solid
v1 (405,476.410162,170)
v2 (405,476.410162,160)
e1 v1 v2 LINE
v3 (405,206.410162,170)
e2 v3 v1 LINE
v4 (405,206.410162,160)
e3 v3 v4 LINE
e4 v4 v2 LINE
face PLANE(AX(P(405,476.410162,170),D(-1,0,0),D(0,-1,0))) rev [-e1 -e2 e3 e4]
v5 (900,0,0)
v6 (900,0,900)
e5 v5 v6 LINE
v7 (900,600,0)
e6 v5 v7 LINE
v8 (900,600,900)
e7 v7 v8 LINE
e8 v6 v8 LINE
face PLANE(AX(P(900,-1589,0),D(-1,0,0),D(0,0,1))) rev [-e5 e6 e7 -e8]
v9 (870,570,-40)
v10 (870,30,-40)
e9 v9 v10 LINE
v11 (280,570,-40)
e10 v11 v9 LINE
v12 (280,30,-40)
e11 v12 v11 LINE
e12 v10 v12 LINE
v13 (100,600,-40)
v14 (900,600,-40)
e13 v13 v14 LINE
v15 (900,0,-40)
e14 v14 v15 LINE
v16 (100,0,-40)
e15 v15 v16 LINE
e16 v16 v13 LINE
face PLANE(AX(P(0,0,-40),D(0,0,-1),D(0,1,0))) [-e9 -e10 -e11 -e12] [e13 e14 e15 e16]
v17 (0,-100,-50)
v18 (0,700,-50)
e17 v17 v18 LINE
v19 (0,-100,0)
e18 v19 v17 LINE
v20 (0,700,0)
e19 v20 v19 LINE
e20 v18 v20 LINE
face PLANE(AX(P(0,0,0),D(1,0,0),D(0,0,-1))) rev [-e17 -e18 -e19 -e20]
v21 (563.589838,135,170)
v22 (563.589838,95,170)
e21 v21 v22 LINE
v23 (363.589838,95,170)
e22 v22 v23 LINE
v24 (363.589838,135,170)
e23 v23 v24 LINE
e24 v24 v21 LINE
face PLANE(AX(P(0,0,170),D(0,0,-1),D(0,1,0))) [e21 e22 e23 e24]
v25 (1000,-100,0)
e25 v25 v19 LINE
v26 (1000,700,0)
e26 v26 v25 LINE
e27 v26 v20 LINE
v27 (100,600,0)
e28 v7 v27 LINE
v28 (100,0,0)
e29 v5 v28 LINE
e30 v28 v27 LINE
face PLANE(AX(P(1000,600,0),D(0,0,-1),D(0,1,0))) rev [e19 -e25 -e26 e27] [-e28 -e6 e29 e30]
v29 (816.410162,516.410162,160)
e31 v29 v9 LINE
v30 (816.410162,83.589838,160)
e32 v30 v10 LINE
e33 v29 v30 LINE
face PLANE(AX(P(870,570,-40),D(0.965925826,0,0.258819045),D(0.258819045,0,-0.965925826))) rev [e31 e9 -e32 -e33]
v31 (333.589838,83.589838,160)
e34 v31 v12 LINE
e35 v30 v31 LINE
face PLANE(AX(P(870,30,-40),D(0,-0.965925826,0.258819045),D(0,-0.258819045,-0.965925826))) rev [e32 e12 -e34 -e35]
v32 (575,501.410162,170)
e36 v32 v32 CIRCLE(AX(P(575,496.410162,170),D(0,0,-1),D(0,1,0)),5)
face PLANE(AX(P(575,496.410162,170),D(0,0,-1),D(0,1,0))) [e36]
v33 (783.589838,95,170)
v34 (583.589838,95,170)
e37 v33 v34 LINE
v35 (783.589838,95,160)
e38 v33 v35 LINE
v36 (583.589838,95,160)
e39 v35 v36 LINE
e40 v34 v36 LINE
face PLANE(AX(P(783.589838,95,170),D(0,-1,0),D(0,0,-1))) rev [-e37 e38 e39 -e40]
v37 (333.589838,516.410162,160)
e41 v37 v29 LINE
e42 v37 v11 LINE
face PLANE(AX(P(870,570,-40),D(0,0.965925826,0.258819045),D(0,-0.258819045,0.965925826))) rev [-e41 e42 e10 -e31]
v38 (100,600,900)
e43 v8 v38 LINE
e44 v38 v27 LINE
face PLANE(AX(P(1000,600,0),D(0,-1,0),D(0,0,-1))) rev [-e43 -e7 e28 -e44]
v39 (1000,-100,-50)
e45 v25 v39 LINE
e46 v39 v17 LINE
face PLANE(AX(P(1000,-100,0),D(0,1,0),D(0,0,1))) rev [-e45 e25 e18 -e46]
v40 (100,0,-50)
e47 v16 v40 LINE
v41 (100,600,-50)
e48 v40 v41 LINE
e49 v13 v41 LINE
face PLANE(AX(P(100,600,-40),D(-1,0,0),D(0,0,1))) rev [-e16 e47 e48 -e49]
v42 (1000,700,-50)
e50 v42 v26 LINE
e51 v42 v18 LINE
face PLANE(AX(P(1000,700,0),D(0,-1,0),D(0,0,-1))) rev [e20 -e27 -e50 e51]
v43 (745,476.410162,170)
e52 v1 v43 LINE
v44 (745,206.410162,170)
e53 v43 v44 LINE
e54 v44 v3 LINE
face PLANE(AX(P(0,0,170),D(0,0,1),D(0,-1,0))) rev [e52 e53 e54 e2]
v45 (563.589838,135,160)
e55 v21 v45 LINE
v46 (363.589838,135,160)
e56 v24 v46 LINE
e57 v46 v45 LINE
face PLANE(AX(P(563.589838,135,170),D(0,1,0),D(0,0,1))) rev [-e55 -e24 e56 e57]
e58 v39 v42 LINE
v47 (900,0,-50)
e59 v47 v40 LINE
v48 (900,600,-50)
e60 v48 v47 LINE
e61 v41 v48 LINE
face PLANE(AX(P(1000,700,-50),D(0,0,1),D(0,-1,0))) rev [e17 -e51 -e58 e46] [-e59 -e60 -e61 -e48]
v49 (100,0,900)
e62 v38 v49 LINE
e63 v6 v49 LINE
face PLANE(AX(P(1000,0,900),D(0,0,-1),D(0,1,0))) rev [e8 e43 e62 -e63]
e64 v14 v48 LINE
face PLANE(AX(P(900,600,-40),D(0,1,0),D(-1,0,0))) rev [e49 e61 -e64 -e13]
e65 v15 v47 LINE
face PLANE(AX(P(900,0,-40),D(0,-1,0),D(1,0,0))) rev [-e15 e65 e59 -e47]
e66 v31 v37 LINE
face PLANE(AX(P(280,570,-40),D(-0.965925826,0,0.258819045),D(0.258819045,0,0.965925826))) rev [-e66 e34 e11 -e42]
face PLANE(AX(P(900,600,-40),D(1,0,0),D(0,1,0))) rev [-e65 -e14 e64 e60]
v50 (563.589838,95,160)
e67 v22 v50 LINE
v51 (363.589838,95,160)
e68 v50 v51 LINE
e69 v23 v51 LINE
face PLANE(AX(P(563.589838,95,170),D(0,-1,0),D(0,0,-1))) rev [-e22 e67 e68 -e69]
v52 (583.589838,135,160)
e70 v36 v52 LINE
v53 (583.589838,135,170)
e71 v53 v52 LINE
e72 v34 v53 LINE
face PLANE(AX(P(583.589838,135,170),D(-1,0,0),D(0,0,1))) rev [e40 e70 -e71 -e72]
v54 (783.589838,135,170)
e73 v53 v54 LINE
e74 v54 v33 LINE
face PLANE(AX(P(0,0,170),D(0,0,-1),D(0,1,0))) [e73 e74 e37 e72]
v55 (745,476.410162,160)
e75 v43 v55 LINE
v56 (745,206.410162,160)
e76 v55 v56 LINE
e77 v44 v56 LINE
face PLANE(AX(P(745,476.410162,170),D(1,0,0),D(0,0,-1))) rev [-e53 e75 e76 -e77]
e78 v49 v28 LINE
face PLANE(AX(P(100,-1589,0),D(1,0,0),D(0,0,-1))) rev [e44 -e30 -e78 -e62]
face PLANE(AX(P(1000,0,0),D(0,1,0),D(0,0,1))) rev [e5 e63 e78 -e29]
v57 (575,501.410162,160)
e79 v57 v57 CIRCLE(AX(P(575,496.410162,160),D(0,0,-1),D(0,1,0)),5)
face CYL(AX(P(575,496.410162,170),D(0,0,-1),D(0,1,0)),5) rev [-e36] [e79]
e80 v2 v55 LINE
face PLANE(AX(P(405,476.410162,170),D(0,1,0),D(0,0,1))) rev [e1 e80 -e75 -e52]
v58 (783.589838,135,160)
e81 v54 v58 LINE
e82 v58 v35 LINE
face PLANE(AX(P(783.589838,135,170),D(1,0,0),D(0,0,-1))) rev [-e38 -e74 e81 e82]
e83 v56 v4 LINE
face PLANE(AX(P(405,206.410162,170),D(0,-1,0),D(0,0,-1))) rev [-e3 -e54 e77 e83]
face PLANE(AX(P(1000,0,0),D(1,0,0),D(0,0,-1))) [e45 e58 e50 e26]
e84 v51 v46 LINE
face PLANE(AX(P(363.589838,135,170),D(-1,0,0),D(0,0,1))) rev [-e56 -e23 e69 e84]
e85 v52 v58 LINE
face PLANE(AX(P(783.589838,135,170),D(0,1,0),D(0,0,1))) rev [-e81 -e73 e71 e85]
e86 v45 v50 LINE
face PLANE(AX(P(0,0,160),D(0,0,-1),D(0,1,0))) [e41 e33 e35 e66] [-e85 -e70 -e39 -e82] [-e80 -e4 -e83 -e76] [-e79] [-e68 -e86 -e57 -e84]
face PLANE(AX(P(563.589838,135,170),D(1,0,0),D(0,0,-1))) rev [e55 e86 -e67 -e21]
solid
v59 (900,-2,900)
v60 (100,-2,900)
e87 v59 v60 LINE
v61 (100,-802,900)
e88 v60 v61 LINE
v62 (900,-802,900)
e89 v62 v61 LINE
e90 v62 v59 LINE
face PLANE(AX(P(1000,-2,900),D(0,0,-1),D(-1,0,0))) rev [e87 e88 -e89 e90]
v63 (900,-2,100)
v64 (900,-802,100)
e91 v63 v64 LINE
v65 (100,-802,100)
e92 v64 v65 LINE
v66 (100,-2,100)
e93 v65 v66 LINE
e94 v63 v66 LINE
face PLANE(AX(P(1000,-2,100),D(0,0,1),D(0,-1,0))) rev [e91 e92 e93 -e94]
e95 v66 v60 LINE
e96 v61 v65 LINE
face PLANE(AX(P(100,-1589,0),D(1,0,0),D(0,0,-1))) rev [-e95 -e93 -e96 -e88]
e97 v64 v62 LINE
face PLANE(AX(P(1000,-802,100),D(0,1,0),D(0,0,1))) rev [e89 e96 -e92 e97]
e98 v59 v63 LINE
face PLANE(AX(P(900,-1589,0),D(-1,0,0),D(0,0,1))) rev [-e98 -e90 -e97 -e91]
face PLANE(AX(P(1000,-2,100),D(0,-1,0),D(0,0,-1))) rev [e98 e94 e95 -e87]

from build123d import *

# Parameters (mm, degrees)
BOSS_EXTRUDE1_DEPTH   = 1000
SKETCH2_W             = 800
SKETCH2_H             = 800
BOSS_EXTRUDE1_2_DEPTH = 1000
SKETCH3_W             = 322.973978715
SKETCH3_H             = 1016.522363687
SKETCH3_W_2           = 410.438471969
CUT_EXTRUDE1_DEPTH    = 2189
SKETCH4_W             = 800
SKETCH4_H             = 600
CUT_EXTRUDE2_DEPTH    = 10
SKETCH5_W             = 590
SKETCH5_H             = 540
CUT_EXTRUDE3_DEPTH    = 200
CUT_EXTRUDE3_TAPER    = 15
SKETCH6_R             = 5
SKETCH6_W             = 340
SKETCH6_H             = 270
SKETCH6_W_2           = 200
SKETCH6_H_2           = 40
CUT_EXTRUDE4_DEPTH    = 10


with BuildPart() as part:
    # Sketch2 → Boss-Extrude1 (new body)
    with BuildSketch(Plane(origin=(0, 0, 0), x_dir=(0, 0, -1), z_dir=(1, 0, 0))):
        Polygon((0, 600), (0, 700), (50, 700), (50, -100), (0, -100), (0, 0), (-900, 0), (-900, 600), align=None)
    extrude(amount=BOSS_EXTRUDE1_DEPTH)


with BuildPart() as body_2:
    # Sketch2 → Boss-Extrude1 2 (new body)
    with BuildSketch(Plane(origin=(0, 0, 0), x_dir=(0, 0, -1), z_dir=(1, 0, 0))):
        with Locations((-500, -402)):
            Rectangle(SKETCH2_W, SKETCH2_H)
    extrude(amount=BOSS_EXTRUDE1_2_DEPTH)


with BuildPart() as cut_extrude1_tool:
    # Sketch3 → Cut-Extrude1 (new body)
    with BuildSketch(Plane(origin=(0, 600, 0), x_dir=(1, 0, 0), z_dir=(0, 1, 0))):
        with Locations((-61.486989358, -508.261181844)):
            Rectangle(SKETCH3_W, SKETCH3_H)
        with Locations((1105.219235985, -508.261181844)):
            Rectangle(SKETCH3_W_2, SKETCH3_H)
    extrude(amount=-CUT_EXTRUDE1_DEPTH)


with BuildPart() as part_1:
    add(part.part)

    # Cut-Extrude1: cut by cut_extrude1_tool
    add(cut_extrude1_tool.part, mode=Mode.SUBTRACT)

    # Sketch4 → Cut-Extrude2 (cut)
    with BuildSketch(Plane(origin=(0, 0, -50), x_dir=(-1, 0, 0), z_dir=(0, 0, -1))):
        with Locations((-500, 300)):
            Rectangle(SKETCH4_W, SKETCH4_H)
    extrude(amount=-CUT_EXTRUDE2_DEPTH, mode=Mode.SUBTRACT)

    # Sketch5 → Cut-Extrude3 (cut)
    with BuildSketch(Plane(origin=(0, 0, -40), x_dir=(-1, 0, 0), z_dir=(0, 0, -1))):
        with Locations((-575, 300)):
            Rectangle(SKETCH5_W, SKETCH5_H)
    extrude(amount=-CUT_EXTRUDE3_DEPTH, taper=CUT_EXTRUDE3_TAPER, mode=Mode.SUBTRACT)

    # Sketch6 → Cut-Extrude4 (cut)
    with BuildSketch(Plane(origin=(0, 0, 160), x_dir=(-1, 0, 0), z_dir=(0, 0, -1))):
        with Locations((-575, 496.410161514)):
            Circle(SKETCH6_R)
        with Locations((-575, 341.410161514)):
            Rectangle(SKETCH6_W, SKETCH6_H)
        with Locations((-683.589838486, 115)):
            Rectangle(SKETCH6_W_2, SKETCH6_H_2)
        with Locations((-463.589838486, 115)):
            Rectangle(SKETCH6_W_2, SKETCH6_H_2)
    extrude(amount=-CUT_EXTRUDE4_DEPTH, mode=Mode.SUBTRACT)


with BuildPart() as body_2_1:
    add(body_2.part)

    # Cut-Extrude1: cut by cut_extrude1_tool
    add(cut_extrude1_tool.part, mode=Mode.SUBTRACT)


solid = Compound([part_1.part, body_2_1.part])
